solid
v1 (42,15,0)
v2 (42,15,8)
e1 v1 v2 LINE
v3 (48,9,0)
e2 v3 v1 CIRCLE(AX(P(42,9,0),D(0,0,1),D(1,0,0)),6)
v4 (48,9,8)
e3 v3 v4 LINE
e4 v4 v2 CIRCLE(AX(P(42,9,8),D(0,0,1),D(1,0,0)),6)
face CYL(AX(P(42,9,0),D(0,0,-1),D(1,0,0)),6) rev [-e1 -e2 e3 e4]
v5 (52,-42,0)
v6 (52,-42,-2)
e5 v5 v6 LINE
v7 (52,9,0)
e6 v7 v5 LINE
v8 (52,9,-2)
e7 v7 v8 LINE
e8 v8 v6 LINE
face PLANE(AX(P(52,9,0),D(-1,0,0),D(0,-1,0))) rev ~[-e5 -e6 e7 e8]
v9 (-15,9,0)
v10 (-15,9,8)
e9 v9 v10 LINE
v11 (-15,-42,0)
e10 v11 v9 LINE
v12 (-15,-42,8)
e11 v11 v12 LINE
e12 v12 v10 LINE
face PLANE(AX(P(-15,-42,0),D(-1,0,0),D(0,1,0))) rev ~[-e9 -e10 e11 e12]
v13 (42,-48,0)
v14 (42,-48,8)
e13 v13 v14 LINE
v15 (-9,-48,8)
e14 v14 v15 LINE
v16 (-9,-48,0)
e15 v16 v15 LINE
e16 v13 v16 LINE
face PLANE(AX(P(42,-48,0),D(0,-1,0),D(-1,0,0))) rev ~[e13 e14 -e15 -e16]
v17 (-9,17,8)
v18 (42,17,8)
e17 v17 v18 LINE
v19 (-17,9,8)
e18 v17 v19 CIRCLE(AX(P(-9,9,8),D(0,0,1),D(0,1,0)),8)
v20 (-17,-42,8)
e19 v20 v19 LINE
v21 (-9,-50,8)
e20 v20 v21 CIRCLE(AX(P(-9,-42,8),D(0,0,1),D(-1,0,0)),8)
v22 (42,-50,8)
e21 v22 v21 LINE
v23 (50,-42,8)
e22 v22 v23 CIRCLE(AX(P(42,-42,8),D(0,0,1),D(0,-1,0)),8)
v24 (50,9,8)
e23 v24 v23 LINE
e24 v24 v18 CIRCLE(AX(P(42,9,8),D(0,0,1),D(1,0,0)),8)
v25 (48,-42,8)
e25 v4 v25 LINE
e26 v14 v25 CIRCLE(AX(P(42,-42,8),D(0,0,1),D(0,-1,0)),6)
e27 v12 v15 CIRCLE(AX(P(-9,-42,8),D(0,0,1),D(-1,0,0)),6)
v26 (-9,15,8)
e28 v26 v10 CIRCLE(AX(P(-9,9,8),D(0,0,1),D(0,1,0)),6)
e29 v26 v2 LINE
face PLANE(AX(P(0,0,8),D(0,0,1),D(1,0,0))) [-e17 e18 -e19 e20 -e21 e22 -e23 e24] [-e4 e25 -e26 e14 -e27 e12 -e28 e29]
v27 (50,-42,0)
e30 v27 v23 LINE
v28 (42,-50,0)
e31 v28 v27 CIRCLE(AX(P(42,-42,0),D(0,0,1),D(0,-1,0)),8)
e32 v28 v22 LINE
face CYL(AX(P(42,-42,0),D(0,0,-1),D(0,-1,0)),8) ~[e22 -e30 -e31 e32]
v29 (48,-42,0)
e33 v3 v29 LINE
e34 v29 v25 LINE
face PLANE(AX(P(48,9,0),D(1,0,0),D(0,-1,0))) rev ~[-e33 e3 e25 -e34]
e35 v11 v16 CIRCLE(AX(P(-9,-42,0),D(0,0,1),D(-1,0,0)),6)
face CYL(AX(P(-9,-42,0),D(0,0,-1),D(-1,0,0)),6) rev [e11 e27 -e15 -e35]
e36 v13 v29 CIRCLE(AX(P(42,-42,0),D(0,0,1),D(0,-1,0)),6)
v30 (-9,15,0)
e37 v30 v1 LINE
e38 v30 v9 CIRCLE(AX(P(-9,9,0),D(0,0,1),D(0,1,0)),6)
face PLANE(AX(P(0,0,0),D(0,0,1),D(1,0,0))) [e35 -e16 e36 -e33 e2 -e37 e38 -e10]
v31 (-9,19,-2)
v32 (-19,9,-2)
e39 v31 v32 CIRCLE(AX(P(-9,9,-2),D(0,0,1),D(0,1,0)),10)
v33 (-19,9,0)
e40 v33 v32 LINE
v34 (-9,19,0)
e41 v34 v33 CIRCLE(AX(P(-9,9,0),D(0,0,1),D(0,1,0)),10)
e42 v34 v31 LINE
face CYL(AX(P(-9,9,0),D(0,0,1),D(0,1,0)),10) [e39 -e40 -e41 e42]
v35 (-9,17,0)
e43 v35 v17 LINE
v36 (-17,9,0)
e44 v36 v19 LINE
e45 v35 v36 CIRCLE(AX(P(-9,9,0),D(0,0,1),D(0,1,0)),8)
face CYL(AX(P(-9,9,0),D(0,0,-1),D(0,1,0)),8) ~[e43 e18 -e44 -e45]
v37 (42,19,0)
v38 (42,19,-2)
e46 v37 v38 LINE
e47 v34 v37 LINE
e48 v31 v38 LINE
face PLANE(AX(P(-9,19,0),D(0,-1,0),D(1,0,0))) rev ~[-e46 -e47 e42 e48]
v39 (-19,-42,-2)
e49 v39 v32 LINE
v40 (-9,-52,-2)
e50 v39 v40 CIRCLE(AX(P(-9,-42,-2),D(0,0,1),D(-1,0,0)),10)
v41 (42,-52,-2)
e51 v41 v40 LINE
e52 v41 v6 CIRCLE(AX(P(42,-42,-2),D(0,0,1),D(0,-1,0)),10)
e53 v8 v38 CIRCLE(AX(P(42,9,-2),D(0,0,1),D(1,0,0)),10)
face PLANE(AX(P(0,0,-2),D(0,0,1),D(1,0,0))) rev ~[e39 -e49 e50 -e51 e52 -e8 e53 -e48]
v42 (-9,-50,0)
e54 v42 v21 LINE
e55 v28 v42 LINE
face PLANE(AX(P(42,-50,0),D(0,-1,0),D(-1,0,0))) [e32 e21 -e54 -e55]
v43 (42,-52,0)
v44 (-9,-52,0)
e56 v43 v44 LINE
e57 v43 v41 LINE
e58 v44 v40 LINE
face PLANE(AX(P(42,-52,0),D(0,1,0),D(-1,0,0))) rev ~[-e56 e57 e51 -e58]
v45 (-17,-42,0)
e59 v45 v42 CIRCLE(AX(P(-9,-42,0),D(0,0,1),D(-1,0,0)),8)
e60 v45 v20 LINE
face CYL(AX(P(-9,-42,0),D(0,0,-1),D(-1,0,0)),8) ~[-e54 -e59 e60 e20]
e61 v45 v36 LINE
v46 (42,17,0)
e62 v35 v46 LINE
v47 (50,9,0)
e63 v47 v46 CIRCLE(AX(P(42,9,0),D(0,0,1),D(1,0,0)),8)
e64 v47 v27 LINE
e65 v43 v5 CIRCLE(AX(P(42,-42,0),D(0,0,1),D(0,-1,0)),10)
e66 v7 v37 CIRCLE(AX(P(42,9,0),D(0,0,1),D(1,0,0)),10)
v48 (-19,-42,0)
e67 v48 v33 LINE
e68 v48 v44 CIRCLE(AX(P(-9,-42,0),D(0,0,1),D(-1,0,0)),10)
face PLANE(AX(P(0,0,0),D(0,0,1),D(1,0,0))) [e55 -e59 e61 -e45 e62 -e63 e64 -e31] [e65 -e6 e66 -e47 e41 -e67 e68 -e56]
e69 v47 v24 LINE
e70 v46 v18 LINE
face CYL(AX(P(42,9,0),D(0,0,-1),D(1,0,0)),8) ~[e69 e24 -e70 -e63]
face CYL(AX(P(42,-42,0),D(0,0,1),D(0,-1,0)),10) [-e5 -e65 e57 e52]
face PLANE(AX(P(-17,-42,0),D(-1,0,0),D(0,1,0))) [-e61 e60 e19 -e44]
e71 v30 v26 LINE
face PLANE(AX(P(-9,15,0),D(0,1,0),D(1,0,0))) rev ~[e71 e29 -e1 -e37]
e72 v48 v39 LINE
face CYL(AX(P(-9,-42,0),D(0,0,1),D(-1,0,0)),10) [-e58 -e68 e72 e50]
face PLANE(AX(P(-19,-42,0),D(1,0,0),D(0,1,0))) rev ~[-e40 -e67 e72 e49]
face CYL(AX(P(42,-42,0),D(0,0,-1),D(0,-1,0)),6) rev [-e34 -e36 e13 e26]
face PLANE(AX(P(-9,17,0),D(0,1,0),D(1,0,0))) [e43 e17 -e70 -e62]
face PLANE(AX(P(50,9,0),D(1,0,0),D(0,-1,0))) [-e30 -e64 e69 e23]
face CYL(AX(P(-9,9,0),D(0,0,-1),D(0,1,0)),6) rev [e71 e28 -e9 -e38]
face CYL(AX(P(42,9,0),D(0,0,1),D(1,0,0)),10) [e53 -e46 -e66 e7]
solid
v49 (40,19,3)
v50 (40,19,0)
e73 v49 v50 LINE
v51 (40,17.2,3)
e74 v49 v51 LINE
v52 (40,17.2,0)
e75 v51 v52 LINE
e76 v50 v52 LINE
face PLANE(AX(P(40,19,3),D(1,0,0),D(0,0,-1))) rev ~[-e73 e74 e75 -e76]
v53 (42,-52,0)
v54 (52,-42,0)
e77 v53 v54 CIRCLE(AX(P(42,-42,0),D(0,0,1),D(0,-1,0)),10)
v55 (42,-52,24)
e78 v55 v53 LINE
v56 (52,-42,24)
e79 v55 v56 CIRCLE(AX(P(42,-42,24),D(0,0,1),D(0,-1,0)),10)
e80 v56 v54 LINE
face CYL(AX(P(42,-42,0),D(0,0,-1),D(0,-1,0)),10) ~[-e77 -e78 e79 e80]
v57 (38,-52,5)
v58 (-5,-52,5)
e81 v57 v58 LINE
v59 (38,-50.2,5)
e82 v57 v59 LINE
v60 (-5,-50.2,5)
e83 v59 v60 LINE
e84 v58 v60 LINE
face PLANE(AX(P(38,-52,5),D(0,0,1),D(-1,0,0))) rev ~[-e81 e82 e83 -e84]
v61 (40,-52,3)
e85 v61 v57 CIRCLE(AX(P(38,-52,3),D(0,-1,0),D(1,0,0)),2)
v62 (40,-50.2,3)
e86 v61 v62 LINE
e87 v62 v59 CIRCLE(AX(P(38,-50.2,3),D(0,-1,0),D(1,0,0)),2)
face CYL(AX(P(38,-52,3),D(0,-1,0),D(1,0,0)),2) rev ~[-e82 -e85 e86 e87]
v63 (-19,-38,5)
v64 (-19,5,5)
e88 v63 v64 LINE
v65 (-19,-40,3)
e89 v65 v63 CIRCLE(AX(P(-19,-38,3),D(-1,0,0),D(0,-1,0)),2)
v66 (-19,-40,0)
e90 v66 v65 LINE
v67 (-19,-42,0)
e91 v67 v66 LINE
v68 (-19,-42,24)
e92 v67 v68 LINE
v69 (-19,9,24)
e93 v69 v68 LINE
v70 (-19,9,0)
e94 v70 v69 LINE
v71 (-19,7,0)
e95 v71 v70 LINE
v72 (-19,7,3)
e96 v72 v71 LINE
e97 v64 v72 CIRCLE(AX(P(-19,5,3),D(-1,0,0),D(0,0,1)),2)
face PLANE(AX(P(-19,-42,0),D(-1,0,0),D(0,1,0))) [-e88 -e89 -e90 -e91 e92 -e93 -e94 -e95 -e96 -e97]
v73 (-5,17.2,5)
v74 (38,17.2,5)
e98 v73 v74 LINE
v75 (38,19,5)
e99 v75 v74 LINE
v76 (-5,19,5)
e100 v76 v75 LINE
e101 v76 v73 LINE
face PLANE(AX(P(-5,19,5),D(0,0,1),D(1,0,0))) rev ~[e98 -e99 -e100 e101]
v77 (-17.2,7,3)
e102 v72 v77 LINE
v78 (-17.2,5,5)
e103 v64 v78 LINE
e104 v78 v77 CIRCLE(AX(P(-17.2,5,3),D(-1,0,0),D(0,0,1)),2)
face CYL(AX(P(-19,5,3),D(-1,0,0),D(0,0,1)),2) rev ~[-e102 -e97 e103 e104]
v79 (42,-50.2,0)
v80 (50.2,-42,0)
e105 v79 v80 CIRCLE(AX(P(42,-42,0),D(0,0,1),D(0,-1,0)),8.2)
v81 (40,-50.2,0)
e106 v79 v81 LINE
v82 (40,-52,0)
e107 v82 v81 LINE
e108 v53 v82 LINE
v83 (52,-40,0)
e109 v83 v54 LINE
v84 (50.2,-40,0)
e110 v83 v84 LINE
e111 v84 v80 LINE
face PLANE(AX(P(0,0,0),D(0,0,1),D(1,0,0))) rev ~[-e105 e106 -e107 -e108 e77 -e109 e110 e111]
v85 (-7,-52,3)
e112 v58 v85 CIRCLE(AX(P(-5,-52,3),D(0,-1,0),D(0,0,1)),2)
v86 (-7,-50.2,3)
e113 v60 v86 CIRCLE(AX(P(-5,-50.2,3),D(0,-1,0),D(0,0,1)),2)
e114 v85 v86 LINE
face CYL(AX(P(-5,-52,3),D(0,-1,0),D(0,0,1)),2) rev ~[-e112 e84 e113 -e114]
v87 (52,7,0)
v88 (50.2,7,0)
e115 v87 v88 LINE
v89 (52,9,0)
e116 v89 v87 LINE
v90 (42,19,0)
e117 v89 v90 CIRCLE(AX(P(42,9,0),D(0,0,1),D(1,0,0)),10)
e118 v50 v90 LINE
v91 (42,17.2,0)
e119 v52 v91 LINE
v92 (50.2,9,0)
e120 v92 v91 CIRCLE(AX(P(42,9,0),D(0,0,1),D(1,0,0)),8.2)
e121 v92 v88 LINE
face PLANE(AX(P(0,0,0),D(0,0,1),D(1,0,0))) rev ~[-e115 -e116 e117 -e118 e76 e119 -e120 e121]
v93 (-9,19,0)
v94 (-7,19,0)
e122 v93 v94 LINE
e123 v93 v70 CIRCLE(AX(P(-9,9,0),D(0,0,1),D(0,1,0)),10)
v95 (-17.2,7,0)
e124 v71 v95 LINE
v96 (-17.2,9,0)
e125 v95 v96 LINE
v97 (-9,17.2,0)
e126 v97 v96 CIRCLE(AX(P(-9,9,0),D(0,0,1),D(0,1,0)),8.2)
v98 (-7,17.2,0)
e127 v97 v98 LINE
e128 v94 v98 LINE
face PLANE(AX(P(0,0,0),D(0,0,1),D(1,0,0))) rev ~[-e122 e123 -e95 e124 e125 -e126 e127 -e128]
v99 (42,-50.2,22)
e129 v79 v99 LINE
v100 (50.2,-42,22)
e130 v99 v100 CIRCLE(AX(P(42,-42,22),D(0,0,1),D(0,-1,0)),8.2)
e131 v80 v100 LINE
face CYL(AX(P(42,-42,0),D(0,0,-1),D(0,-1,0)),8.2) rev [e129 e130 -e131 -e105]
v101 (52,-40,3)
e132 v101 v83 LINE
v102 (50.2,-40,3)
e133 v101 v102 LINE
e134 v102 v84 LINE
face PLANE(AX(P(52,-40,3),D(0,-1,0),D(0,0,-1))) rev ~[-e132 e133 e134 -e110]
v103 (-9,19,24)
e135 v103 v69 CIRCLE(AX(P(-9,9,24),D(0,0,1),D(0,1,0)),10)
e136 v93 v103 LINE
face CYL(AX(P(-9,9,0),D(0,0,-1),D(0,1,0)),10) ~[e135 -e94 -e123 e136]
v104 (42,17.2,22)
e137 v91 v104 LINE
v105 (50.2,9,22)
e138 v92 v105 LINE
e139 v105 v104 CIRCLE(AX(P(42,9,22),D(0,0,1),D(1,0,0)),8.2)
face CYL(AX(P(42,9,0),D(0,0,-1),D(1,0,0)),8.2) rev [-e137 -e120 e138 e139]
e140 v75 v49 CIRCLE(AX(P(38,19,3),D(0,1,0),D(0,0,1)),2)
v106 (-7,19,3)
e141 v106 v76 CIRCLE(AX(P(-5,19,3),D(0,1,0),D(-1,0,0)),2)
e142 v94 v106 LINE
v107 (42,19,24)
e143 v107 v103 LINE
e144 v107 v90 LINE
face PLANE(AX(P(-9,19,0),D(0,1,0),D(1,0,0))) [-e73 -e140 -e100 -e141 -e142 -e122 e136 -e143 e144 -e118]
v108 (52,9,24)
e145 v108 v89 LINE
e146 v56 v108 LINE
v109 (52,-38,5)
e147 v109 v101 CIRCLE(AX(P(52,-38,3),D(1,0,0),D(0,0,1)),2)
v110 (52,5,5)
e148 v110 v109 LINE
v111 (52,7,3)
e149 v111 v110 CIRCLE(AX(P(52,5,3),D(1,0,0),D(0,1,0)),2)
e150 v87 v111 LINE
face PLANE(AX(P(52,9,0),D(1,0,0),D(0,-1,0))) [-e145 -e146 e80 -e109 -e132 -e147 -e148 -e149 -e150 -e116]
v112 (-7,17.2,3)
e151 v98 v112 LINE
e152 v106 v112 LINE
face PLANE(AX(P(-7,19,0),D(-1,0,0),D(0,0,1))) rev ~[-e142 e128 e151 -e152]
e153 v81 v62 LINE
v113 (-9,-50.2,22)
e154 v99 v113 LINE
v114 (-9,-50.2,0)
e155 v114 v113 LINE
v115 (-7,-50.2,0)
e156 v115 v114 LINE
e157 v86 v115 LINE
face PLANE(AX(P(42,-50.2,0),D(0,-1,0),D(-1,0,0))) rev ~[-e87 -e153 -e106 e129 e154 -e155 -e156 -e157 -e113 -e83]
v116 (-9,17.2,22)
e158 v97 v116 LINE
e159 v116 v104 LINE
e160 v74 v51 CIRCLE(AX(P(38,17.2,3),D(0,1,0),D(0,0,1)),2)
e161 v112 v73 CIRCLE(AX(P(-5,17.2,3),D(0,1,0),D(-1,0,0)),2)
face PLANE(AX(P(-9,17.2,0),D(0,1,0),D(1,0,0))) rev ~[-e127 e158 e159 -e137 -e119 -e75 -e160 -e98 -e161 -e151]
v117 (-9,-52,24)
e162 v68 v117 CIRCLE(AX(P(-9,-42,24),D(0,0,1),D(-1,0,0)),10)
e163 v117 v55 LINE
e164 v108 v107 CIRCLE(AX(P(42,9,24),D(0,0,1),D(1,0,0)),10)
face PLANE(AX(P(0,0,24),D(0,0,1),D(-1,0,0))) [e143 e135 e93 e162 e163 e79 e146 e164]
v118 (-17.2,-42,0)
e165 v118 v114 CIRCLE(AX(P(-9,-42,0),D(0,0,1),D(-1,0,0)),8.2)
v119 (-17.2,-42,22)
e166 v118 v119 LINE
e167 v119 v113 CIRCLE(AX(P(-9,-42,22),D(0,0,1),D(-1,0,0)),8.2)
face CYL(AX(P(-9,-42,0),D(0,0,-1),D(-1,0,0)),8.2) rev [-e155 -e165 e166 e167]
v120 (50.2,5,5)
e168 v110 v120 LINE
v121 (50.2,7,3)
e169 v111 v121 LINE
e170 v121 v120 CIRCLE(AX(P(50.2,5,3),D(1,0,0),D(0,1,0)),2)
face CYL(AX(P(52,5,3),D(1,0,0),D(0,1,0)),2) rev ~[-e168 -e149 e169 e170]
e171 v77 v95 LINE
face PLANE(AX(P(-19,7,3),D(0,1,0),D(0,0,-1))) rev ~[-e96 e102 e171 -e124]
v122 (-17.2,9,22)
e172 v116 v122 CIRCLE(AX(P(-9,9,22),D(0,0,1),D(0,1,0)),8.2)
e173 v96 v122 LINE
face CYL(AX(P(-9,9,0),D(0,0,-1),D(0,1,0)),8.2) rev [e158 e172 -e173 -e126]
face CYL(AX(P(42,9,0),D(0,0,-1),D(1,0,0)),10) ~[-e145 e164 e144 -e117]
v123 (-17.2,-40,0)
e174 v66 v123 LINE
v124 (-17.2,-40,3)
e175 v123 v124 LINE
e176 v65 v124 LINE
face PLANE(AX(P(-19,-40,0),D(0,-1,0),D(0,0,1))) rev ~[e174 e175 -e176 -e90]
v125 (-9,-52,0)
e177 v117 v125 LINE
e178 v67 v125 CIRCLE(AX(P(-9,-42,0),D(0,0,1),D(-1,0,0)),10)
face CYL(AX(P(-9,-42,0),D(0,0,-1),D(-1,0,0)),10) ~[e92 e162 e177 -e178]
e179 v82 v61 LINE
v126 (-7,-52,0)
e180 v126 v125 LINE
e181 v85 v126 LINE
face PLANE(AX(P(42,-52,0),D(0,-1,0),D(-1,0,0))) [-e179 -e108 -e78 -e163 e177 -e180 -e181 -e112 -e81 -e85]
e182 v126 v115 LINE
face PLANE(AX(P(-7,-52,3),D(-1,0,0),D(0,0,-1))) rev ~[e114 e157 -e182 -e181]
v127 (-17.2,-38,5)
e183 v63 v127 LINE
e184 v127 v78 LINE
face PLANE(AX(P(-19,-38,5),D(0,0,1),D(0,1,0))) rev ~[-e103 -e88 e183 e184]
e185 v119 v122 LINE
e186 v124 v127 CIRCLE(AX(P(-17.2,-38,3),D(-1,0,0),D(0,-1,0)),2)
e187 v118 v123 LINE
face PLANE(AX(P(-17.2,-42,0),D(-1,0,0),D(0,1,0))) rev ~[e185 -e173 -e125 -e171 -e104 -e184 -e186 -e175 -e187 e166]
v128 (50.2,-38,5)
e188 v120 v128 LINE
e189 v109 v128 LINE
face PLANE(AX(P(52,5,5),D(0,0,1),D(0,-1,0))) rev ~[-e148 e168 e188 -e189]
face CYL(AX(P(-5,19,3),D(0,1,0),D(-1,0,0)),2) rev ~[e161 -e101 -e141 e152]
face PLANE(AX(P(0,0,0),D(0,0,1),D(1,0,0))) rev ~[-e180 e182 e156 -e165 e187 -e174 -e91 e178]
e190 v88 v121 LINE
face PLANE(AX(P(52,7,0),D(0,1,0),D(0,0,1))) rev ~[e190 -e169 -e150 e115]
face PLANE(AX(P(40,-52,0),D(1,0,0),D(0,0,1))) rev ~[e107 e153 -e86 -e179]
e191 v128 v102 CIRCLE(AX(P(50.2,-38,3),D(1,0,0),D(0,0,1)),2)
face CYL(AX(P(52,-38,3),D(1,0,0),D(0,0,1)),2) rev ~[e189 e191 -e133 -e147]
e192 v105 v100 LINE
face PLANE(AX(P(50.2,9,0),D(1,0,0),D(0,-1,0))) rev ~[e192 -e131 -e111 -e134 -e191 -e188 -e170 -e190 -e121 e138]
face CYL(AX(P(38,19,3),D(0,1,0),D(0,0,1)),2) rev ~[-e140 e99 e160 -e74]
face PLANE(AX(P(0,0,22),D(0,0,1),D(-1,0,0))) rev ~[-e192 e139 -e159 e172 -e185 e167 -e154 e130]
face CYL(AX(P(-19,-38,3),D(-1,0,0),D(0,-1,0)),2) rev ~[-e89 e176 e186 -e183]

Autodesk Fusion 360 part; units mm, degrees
sketch "Sketch1" plane through (0, 0, 0) normal (0, 0, 1) x (1, 0, 0)
  line L0 (-9, 15) -> (42, 15)
  line L1 (48, 9) -> (48, -42)
  line L2 (42, -48) -> (-9, -48)
  line L3 (-15, -42) -> (-15, 9)
  arc A0 (-9, 15) -> (-15, 9) centre (-9, 9) ccw
  arc A1 (48, 9) -> (42, 15) centre (42, 9) ccw
  arc A2 (42, -48) -> (48, -42) centre (42, -42) ccw
  arc A3 (-15, -42) -> (-9, -48) centre (-9, -42) ccw
  arc A4 (-9, 17) -> (-17, 9) centre (-9, 9) ccw
  line L4 (-17, -42) -> (-17, 9)
  arc A5 (-17, -42) -> (-9, -50) centre (-9, -42) ccw
  line L5 (42, -50) -> (-9, -50)
  arc A6 (42, -50) -> (50, -42) centre (42, -42) ccw
  line L6 (50, 9) -> (50, -42)
  arc A7 (50, 9) -> (42, 17) centre (42, 9) ccw
  line L7 (-9, 17) -> (42, 17)
  arc A8 (-9, 19) -> (-19, 9) centre (-9, 9) ccw
  line L8 (-19, -42) -> (-19, 9)
  arc A9 (-19, -42) -> (-9, -52) centre (-9, -42) ccw
  line L9 (42, -52) -> (-9, -52)
  arc A10 (42, -52) -> (52, -42) centre (42, -42) ccw
  line L10 (52, 9) -> (52, -42)
  arc A11 (52, 9) -> (42, 19) centre (42, 9) ccw
  line L11 (-9, 19) -> (42, 19)
  arc A12 (50.2, 9) -> (42, 17.2) centre (42, 9) ccw
  line L12 (-9, 17.2) -> (42, 17.2)
  arc A13 (-9, 17.2) -> (-17.2, 9) centre (-9, 9) ccw
  line L13 (-17.2, -42) -> (-17.2, 9)
  arc A14 (-17.2, -42) -> (-9, -50.2) centre (-9, -42) ccw
  line L14 (42, -50.2) -> (-9, -50.2)
  arc A15 (42, -50.2) -> (50.2, -42) centre (42, -42) ccw
  line L15 (50.2, 9) -> (50.2, -42)
  point P0 (-15, 15)
  point P1 (48, 15)
  point P2 (-15, -48)
  dimension "d1" = 63
  dimension "d2" = 63
  dimension "d3" = 6
  dimension "d4" = -2
  dimension "d5" = -4
  dimension "d10" = -2.2
extrude "Extrude1" add sketch "Sketch1" along normal blind 8 contours A4 L4 A5 L5 A6 L6 A7 L7 makes body 1
extrude "Extrude2" add sketch "Sketch1" against normal blind 2 contours L0 L1 L2 L3 A0 A1 A2 A3 | A4 L4 A5 L5 A6 L6 A7 L7 | A8 L8 A9 L9 A10 L10 A11 L11 | A12 L12 A13 L13 A14 L14 A15 L15 bodies 1
extrude "Extrude1'" add sketch "Sketch1" along normal blind 22 separate body contours A8 L8 A9 L9 A10 L10 A11 L11 makes body 2 in component "Component"
sketch "Sketch2" plane through (0, 0, 22) normal (0, 0, 1) x (-1, 0, 0)
  arc A0 (9, -17.2) -> (17.2, -9) centre (9, -9) ccw
  line L0 (9, -17.2) -> (-42, -17.2)
  arc A1 (-50.2, -9) -> (-42, -17.2) centre (-42, -9) ccw
  line L1 (-50.2, -9) -> (-50.2, 42)
  arc A2 (-42, 50.2) -> (-50.2, 42) centre (-42, 42) ccw
  line L2 (-42, 50.2) -> (9, 50.2)
  arc A3 (17.2, 42) -> (9, 50.2) centre (9, 42) ccw
  line L3 (17.2, 42) -> (17.2, -9)
  arc A4 (19, 42) -> (9, 52) centre (9, 42) ccw
  line L4 (9, 52) -> (-42, 52)
  arc A5 (-42, 52) -> (-52, 42) centre (-42, 42) ccw
  line L5 (-52, 42) -> (-52, -9)
  arc A6 (-52, -9) -> (-42, -19) centre (-42, -9) ccw
  line L6 (-42, -19) -> (9, -19)
  arc A7 (9, -19) -> (19, -9) centre (9, -9) ccw
  line L7 (19, -9) -> (19, 42)
  line L8 (-24.5335, -19) -> (25, -19) construction
  line L9 (19, -5.9098) -> (19, -23.1941) construction
  line L10 (-52, 36.1857) -> (-52, 61.8333) construction
  line L11 (-39.3087, 52) -> (-56.3142, 52) construction
  line L12 (9, -19) -> (-42, -19)
  line L13 (-52, -9) -> (-52, 42)
  line L14 (-42, 52) -> (9, 52)
  line L15 (19, 42) -> (19, -9)
  arc A8 (9, -19) -> (19, -9) centre (9, -9) ccw
  arc A9 (-52, -9) -> (-42, -19) centre (-42, -9) ccw
  arc A10 (-42, 52) -> (-52, 42) centre (-42, 42) ccw
  arc A11 (19, 42) -> (9, 52) centre (9, 42) ccw
  dimension "d13" = 10
extrude "Extrude2'" add sketch "Sketch2" along normal blind 2 contours A0 L0 A1 L1 A2 L2 A3 L3 | A4 L4 A5 L5 A6 L6 A7 L7 L12 L13 L14 L15 A8 A9 A10 A11 bodies 2 in component "Component"
sketch "Sketch3" plane through (52, 0, 0) normal (1, 0, 0) x (0, 1, 0)
  line L0 (-42, 0) -> (9, 0)
  line L1 (9, 0) -> (9, 24)
  line L2 (9, 24) -> (-42, 24)
  line L3 (-42, 24) -> (-42, 0)
  line L4 (-40, 0) -> (7, 0)
  line L5 (7, 0) -> (7, 3)
  line L6 (5, 5) -> (-38, 5)
  line L7 (-40, 3) -> (-40, 0)
  arc A0 (-38, 5) -> (-40, 3) centre (-38, 3) ccw
  arc A1 (7, 3) -> (5, 5) centre (5, 3) ccw
  dimension "d16" = 2
extrude "Extrude3" cut sketch "Sketch3" against normal blind 2 contours L0 L4 L5 L6 L7 A0 A1 bodies 2 in component "Component"
sketch "Sketch4" plane through (0, -52, 0) normal (0, -1, 0) x (1, 0, 0)
  line L0 (-9, 0) -> (42, 0)
  line L1 (42, 0) -> (42, 24)
  line L2 (42, 24) -> (-9, 24)
  line L3 (-9, 24) -> (-9, 0)
  line L4 (-7, 0) -> (40, 0)
  line L5 (40, 0) -> (40, 3)
  line L6 (38, 5) -> (-5, 5)
  line L7 (-7, 3) -> (-7, 0)
  arc A0 (-5, 5) -> (-7, 3) centre (-5, 3) ccw
  arc A1 (40, 3) -> (38, 5) centre (38, 3) ccw
  dimension "d19" = 2
extrude "Extrude4" cut sketch "Sketch4" against normal blind 2 contours L0 L4 L5 L6 L7 A0 A1 bodies 2 in component "Component"
sketch "Sketch5" plane through (0, 19, 0) normal (0, 1, 0) x (-1, 0, 0)
  line L0 (-42, 0) -> (9, 0)
  line L1 (9, 0) -> (9, 24)
  line L2 (9, 24) -> (-42, 24)
  line L3 (-42, 24) -> (-42, 0)
  line L4 (-40, 0) -> (7, 0)
  line L5 (7, 0) -> (7, 3)
  line L6 (5, 5) -> (-38, 5)
  line L7 (-40, 3) -> (-40, 0)
  arc A0 (-38, 5) -> (-40, 3) centre (-38, 3) ccw
  arc A1 (7, 3) -> (5, 5) centre (5, 3) ccw
  dimension "d22" = 2
extrude "Extrude5" cut sketch "Sketch5" against normal blind 2 contours L0 L4 L5 L6 L7 A0 A1 bodies 2 in component "Component"
sketch "Sketch6" plane through (-19, 0, 0) normal (-1, 0, 0) x (0, -1, 0)
  line L0 (-9, 0) -> (42, 0)
  line L1 (42, 0) -> (42, 24)
  line L2 (42, 24) -> (-9, 24)
  line L3 (-9, 24) -> (-9, 0)
  line L4 (-7, 0) -> (40, 0)
  line L5 (40, 0) -> (40, 3)
  line L6 (38, 5) -> (-5, 5)
  line L7 (-7, 3) -> (-7, 0)
  arc A0 (-5, 5) -> (-7, 3) centre (-5, 3) ccw
  arc A1 (40, 3) -> (38, 5) centre (38, 3) ccw
  dimension "d25" = 47
  dimension "d26" = 2
extrude "Extrude6" cut sketch "Sketch6" against normal blind 2 contours L0 L4 L5 L6 L7 A0 A1 bodies 2 in component "Component"
component "Component" placed x (1, 0, 0) y (0, 1, 0) z (0, 0, 1) at (0, 0, 0)
